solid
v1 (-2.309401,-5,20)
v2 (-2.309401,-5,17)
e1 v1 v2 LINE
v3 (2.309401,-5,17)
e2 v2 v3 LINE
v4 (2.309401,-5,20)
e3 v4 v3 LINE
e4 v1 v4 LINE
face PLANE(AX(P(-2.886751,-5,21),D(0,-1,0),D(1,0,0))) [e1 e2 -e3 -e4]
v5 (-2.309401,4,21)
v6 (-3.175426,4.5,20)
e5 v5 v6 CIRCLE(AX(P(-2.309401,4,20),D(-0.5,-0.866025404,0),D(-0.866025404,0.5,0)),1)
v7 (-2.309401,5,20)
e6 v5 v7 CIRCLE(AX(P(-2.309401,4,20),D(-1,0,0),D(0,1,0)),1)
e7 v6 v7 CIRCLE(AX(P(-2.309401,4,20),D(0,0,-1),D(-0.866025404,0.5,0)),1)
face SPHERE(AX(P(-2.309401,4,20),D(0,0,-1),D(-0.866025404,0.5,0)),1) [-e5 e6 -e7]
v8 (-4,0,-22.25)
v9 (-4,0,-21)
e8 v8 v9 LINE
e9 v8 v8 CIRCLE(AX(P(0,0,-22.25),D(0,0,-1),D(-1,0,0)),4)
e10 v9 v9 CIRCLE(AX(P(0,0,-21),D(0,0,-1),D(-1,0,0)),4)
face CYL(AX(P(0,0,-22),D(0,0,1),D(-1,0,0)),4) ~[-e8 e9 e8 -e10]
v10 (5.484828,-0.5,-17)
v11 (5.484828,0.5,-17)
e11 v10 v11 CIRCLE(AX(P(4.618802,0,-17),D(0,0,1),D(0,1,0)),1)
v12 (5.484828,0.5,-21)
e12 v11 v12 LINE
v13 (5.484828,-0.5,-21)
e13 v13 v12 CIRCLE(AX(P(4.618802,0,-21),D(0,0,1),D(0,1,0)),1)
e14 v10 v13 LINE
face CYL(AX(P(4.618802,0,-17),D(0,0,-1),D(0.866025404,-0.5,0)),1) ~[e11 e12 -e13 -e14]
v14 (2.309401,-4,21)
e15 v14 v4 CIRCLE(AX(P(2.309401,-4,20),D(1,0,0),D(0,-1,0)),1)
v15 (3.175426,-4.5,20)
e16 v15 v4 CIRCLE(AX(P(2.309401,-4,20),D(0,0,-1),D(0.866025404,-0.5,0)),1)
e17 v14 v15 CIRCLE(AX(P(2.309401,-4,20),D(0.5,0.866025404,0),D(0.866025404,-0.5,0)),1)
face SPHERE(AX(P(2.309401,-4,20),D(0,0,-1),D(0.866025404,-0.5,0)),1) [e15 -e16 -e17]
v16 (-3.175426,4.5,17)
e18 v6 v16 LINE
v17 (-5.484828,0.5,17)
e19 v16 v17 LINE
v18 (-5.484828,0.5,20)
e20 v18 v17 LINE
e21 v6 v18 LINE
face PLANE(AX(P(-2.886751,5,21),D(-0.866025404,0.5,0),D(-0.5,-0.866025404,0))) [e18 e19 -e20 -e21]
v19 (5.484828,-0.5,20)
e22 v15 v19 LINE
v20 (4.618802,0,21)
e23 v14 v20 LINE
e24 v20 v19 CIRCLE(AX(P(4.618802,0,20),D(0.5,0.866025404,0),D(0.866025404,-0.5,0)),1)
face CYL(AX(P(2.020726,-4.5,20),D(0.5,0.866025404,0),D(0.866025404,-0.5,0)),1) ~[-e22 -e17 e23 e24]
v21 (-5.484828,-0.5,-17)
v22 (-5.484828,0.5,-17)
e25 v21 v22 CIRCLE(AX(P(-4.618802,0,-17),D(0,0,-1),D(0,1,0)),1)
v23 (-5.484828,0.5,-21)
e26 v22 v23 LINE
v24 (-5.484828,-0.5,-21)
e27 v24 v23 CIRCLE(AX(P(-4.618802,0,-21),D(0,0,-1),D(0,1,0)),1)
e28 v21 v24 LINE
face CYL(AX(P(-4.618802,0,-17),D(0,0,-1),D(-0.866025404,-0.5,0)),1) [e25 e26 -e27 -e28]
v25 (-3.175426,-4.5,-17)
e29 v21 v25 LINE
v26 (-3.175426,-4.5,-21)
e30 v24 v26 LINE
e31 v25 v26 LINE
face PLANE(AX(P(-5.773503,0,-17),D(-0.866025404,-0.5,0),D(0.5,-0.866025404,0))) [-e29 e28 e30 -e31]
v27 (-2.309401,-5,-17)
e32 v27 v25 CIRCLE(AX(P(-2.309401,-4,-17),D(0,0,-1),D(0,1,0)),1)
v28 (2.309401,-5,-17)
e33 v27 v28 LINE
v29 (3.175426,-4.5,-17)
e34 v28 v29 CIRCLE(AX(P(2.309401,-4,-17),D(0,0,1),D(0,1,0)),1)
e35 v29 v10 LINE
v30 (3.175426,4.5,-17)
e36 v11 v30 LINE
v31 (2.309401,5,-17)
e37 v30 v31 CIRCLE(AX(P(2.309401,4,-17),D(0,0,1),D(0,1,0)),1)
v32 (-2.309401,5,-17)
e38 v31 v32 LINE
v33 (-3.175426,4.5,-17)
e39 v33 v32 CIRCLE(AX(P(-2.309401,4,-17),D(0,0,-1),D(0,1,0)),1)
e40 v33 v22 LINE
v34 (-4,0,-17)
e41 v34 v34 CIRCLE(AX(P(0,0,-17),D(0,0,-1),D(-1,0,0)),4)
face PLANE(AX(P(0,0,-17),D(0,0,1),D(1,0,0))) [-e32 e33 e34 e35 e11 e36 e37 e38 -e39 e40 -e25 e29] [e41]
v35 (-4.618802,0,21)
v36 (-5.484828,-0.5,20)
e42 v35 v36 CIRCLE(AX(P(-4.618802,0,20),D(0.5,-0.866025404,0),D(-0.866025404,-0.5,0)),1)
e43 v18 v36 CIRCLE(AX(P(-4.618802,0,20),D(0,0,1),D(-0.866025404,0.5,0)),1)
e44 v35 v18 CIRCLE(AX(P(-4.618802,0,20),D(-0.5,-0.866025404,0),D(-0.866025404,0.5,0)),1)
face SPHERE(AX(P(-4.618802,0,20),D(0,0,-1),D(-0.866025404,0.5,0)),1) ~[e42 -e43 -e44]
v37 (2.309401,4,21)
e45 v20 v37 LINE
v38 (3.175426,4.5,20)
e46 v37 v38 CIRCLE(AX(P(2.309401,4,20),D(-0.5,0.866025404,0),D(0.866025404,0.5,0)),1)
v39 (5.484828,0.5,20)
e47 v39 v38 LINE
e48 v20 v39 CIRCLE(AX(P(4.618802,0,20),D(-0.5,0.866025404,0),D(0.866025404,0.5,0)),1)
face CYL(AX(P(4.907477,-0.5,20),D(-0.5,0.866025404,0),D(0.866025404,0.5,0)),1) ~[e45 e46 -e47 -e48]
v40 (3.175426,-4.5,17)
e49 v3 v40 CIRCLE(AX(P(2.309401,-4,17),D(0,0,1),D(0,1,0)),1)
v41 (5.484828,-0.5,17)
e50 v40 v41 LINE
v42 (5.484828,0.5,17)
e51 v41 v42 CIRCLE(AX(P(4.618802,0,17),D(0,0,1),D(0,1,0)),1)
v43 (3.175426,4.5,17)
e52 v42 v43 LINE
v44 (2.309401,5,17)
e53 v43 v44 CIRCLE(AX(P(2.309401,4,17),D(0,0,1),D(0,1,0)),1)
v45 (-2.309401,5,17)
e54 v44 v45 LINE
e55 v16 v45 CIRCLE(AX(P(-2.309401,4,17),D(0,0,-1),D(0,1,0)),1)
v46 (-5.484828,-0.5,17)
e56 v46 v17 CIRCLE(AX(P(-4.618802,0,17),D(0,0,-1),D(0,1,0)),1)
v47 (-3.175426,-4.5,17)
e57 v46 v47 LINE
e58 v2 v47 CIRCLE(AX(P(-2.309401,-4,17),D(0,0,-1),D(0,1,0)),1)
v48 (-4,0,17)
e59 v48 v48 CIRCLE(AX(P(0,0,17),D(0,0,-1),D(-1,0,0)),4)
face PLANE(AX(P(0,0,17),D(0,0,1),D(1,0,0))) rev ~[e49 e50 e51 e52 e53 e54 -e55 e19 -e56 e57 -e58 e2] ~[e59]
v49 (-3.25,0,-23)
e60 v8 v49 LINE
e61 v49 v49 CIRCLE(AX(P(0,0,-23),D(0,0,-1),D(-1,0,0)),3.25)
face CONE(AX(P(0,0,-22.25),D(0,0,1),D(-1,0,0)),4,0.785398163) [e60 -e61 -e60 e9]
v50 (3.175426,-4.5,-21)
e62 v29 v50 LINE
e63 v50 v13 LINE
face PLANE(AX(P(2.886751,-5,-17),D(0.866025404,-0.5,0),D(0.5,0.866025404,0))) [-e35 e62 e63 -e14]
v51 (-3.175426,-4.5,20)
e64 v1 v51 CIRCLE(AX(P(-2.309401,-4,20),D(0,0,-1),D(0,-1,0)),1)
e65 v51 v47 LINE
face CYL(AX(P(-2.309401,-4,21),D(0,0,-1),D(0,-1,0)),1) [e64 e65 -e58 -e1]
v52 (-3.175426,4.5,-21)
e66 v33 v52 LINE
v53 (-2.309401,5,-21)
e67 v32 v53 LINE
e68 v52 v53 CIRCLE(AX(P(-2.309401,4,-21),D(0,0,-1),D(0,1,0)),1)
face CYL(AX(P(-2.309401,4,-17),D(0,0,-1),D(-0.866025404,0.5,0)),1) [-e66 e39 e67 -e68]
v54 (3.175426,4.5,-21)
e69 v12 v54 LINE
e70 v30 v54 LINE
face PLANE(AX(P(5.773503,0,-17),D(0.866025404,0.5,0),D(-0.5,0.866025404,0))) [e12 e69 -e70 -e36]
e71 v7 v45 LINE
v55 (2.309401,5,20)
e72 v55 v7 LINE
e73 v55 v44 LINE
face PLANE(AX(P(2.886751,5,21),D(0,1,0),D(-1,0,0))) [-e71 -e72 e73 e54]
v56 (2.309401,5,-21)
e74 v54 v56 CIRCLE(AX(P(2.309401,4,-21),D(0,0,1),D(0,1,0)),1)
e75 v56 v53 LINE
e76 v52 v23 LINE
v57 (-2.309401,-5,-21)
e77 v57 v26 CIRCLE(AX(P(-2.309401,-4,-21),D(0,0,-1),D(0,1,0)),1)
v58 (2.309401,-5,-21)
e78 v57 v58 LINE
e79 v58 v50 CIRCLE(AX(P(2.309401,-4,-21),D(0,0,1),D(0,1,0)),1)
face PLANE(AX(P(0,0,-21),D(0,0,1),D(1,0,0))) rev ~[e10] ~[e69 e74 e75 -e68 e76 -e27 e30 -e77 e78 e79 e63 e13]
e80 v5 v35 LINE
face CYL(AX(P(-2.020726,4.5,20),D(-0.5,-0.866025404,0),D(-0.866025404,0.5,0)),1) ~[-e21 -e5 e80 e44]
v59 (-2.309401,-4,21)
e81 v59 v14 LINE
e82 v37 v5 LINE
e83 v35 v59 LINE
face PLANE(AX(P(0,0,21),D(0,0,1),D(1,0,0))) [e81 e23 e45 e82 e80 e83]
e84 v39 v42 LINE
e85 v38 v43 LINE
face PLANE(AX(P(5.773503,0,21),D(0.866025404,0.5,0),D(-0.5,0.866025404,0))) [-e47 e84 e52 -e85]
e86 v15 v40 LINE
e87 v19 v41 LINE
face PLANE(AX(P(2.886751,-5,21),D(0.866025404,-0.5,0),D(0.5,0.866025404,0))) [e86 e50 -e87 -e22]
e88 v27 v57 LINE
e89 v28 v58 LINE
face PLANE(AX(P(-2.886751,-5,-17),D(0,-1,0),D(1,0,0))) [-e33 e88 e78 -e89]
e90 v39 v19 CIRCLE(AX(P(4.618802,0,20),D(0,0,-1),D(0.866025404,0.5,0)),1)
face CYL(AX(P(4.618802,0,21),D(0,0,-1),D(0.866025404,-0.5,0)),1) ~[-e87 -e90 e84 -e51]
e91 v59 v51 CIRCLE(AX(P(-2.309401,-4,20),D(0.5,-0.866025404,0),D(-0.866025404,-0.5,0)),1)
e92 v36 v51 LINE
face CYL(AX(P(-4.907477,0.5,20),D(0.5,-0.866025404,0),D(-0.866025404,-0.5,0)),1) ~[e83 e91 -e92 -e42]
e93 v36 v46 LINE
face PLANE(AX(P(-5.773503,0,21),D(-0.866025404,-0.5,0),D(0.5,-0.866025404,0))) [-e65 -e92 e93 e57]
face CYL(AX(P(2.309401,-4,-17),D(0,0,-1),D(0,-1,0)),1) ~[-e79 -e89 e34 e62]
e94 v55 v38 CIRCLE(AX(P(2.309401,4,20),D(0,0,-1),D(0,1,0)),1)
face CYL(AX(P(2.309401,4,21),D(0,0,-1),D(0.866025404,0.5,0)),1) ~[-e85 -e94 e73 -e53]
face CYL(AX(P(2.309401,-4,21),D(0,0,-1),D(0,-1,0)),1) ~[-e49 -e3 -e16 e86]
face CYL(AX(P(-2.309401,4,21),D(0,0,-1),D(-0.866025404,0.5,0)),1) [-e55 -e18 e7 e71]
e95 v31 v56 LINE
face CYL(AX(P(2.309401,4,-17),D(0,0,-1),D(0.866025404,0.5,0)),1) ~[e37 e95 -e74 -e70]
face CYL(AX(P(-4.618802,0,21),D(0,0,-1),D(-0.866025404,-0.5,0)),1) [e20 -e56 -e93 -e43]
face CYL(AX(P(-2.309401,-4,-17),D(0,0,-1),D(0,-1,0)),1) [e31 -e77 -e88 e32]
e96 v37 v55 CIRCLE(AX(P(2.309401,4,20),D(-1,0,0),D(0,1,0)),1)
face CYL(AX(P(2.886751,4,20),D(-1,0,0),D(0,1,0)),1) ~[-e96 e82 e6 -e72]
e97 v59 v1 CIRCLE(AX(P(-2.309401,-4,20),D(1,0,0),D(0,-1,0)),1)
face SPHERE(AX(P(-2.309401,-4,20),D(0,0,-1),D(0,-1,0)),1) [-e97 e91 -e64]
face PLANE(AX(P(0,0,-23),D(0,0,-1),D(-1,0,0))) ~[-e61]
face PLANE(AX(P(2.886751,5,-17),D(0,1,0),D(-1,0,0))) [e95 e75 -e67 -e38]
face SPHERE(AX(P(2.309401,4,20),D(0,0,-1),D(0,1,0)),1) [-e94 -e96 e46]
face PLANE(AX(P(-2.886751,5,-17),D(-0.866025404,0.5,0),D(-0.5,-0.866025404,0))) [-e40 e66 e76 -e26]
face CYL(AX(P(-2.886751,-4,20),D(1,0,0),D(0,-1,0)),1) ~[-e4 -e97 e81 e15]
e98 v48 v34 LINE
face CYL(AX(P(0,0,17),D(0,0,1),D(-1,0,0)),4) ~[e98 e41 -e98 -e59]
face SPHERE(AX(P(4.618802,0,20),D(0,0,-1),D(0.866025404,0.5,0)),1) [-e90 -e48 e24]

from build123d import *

# Parameters (mm, degrees)
EXTRUDE_1_DEPTH = 4
SKETCH_2_R      = 4
EXTRUDE_2_DEPTH = 34
EXTRUDE_3_DEPTH = 4
SKETCH_4_W      = 4
SKETCH_4_H      = 2
CHAMFER_1_SIZE  = 0.75
FILLET_1_R      = 1


with BuildPart() as part:
    # 草图1 → 凸台-拉伸1 (new body)
    with BuildSketch(Plane.XY.offset(21)):
        Polygon((-2.886751346, -5), (2.886751346, -5), (5.773502692, 0), (2.886751346, 5), (-2.886751346, 5), (-5.773502692, 0), align=None)
    extrude(amount=-EXTRUDE_1_DEPTH)

    # 草图2 → 凸台-拉伸2 (add)
    with BuildSketch(Plane(origin=(0, 0, 17), x_dir=(-1, 0, 0), z_dir=(0, 0, -1))):
        Circle(SKETCH_2_R)
    extrude(amount=EXTRUDE_2_DEPTH)

    # 草图3 → 凸台-拉伸3 (add)
    with BuildSketch(Plane.XY.offset(-17)):
        Polygon((-2.886751346, -5), (2.886751346, -5), (5.773502692, 0), (2.886751346, 5), (-2.886751346, 5), (-5.773502692, 0), align=None)
    extrude(amount=-EXTRUDE_3_DEPTH)

    # 草图4 → 旋转1 (revolve)
    with BuildSketch(Plane.XZ, mode=Mode.PRIVATE) as revolve_1_sk:
        with Locations((2, -22)):
            Rectangle(SKETCH_4_W, SKETCH_4_H)
    revolve(revolve_1_sk.sketch.rotate(Axis((0, 0, -21), (0, 0, -1)), 180), axis=Axis((0, 0, -21), (0, 0, -1)))

    # 倒角1
    chamfer_1_edges = [part.edges().sort_by_distance(p)[0] for p in [
        (4, 0, -23),
    ]]
    chamfer(chamfer_1_edges, length=CHAMFER_1_SIZE)

    # 圆角1
    fillet_1_edges = [part.edges().sort_by_distance(p)[0] for p in [
        (-5.773502692, 0, 19),
        (-2.886751346, 5, 19),
        (2.886751346, 5, 19),
        (5.773502692, 0, 19),
        (2.886751346, -5, 19),
        (-2.886751346, -5, 19),
        (-2.886751346, -5, -19),
        (-5.773502692, 0, -19),
        (-2.886751346, 5, -19),
        (2.886751346, 5, -19),
        (5.773502692, 0, -19),
        (2.886751346, -5, -19),
        (-4.330127019, 2.5, 21),
        (0, 5, 21),
        (4.330127019, 2.5, 21),
        (4.330127019, -2.5, 21),
        (0, -5, 21),
        (-4.330127019, -2.5, 21),
    ]]
    fillet(fillet_1_edges, radius=FILLET_1_R)


solid = part.part
